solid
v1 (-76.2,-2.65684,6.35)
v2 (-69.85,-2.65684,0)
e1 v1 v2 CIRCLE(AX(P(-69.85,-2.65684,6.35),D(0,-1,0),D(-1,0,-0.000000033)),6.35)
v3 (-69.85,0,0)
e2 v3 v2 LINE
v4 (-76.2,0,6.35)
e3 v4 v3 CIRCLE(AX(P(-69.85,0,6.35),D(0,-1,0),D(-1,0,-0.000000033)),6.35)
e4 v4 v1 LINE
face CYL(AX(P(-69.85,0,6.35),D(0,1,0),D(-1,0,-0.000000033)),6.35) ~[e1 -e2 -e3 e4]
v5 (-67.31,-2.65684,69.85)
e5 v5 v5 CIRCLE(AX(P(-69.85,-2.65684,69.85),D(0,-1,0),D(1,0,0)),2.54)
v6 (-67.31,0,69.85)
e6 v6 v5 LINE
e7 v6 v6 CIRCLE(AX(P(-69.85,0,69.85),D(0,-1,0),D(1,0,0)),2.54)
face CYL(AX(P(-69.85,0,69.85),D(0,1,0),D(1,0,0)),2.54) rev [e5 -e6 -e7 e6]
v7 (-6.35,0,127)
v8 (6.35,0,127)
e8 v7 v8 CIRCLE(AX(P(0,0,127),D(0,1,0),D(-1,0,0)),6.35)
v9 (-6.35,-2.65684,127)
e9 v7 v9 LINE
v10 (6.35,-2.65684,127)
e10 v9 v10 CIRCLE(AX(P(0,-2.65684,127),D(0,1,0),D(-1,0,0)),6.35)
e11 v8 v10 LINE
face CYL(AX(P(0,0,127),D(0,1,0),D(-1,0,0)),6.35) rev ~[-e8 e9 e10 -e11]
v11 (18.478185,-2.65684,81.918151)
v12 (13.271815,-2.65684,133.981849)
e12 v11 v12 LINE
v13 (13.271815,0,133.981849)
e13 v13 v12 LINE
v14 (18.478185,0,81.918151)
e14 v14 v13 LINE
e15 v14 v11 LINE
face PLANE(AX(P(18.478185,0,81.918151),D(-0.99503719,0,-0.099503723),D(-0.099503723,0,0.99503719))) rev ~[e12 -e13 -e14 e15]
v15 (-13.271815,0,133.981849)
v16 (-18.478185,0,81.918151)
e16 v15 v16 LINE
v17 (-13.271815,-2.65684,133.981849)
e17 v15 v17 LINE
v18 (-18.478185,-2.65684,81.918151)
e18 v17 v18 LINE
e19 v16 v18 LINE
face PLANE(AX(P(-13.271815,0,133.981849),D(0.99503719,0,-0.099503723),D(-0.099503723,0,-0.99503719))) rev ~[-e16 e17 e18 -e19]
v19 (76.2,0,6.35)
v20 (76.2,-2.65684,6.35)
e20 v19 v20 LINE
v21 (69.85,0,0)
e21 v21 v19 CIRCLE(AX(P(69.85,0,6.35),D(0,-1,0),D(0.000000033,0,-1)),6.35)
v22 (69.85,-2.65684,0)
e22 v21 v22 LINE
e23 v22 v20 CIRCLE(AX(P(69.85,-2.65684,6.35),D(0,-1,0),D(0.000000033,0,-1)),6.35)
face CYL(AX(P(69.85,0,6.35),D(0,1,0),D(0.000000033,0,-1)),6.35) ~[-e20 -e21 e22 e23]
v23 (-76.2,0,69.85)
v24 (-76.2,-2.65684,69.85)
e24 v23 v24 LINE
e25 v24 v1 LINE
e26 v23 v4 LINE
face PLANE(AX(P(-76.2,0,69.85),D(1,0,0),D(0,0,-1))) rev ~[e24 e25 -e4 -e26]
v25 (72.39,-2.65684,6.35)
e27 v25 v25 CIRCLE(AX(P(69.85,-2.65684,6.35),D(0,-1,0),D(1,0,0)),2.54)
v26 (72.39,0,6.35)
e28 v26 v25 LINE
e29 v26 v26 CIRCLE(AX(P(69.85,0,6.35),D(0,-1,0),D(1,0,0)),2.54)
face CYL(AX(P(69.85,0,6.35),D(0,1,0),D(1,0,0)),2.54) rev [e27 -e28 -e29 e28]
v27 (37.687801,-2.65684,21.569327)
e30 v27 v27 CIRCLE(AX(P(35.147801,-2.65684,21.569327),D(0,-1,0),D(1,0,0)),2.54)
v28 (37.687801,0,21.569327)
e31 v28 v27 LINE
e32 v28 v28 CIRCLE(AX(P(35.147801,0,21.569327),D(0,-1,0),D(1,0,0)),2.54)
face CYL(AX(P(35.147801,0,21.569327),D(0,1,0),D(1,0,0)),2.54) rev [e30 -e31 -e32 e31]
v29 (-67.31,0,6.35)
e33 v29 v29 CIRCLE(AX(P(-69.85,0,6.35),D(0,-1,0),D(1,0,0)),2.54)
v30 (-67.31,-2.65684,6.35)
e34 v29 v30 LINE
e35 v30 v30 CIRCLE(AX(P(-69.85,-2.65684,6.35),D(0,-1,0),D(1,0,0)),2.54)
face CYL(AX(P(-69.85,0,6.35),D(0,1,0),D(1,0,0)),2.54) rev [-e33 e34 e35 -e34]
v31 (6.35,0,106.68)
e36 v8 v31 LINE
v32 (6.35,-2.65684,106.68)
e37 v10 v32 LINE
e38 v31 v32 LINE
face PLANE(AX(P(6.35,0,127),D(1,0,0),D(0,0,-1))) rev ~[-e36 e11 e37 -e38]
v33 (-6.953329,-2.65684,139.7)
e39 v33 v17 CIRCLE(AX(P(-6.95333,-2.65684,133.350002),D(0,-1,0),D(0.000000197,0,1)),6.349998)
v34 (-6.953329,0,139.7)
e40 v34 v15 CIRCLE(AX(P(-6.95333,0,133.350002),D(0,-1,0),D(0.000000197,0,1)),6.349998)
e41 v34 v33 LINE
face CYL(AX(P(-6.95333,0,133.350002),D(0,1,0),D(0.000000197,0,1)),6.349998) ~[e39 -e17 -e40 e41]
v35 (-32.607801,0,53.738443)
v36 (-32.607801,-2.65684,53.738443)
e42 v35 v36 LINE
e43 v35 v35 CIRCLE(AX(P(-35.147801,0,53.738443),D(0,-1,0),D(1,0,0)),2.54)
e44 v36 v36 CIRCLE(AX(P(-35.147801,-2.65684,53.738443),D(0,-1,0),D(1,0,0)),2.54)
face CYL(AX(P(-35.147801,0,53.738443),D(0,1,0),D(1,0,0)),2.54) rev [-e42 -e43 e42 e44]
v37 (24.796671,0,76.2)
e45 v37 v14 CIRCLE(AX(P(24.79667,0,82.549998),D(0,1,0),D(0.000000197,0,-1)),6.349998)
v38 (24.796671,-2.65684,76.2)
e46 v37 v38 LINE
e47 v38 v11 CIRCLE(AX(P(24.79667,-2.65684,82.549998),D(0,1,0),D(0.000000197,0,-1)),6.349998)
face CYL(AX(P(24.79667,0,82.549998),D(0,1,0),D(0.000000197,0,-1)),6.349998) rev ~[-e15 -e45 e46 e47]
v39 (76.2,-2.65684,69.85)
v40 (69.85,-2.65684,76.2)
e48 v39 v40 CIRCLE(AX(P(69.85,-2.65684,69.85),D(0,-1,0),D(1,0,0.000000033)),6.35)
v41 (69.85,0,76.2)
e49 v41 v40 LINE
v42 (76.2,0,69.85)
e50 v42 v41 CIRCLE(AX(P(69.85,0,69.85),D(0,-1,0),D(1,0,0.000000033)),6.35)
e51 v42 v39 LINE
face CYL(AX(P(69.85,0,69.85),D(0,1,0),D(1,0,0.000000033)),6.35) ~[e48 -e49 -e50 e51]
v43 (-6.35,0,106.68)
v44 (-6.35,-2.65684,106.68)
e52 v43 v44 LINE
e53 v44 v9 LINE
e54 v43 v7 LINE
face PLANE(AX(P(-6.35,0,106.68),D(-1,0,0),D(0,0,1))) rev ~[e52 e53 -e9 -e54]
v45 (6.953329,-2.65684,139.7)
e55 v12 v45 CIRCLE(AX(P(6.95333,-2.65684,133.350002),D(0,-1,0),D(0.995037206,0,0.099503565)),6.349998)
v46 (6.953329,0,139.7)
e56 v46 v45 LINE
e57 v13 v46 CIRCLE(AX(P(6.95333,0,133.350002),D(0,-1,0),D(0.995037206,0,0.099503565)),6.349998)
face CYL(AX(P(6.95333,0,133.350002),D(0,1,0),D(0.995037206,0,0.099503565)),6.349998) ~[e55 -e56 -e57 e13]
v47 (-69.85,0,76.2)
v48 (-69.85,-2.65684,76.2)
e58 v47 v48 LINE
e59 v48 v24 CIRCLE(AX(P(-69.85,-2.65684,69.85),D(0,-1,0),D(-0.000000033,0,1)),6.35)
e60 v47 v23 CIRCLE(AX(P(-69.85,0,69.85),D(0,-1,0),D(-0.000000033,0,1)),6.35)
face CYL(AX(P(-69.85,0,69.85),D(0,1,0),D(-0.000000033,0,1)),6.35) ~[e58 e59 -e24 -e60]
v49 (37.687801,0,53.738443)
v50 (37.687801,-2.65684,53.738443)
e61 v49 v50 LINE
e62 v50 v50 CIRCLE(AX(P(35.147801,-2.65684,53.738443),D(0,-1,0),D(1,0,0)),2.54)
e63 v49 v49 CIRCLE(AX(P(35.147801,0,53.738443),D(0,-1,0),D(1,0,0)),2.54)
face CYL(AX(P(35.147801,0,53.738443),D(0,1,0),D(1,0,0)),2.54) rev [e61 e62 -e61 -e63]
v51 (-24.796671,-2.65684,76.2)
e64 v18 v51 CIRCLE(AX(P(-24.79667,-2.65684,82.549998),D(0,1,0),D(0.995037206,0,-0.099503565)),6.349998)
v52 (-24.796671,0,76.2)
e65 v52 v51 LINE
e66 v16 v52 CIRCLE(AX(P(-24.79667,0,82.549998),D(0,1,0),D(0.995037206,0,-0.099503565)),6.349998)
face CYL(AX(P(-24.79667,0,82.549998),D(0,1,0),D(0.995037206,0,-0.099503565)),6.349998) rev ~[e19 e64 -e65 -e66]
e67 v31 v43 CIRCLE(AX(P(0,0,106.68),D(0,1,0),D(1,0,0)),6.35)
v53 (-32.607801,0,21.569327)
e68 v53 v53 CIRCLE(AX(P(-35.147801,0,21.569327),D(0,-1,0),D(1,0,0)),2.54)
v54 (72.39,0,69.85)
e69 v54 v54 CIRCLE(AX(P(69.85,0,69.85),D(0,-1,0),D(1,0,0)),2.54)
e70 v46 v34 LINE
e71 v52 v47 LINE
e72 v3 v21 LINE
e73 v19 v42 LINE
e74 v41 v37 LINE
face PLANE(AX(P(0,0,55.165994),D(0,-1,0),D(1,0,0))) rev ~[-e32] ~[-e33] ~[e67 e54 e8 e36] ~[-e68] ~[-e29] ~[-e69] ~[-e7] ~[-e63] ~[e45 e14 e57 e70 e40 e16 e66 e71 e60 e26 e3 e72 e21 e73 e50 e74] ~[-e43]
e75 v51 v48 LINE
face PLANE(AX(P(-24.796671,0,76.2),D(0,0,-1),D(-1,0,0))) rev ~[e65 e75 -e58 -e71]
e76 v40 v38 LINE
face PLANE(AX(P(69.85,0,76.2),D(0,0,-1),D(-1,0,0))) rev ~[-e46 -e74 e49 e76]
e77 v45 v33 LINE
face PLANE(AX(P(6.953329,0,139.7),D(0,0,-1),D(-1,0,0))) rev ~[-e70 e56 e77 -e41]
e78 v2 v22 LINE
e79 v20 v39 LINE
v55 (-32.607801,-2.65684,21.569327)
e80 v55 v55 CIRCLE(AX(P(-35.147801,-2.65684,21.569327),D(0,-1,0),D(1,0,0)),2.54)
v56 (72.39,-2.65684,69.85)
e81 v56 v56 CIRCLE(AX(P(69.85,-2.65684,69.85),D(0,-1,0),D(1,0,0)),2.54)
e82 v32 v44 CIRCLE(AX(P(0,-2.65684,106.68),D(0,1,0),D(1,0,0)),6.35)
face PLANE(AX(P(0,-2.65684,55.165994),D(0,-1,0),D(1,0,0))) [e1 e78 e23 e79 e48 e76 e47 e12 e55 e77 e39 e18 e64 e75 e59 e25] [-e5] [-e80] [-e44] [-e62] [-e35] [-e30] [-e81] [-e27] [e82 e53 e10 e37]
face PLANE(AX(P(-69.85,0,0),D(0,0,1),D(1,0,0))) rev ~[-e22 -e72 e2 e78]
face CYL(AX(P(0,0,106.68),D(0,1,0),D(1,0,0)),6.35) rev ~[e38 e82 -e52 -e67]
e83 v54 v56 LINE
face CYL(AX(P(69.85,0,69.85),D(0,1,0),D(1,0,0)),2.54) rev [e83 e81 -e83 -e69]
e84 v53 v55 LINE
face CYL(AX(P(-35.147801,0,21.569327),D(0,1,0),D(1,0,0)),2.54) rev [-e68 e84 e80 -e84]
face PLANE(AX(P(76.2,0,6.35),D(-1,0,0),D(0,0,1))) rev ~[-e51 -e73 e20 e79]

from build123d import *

# Parameters (mm, degrees)
F0_R     = 2.54
F1_DEPTH = 2.65684


with BuildPart() as f1:
    # F0 (on Front) → F1 (new body)
    with BuildSketch(Plane.XZ):
        with BuildLine():
            Line((-69.85, 0), (0, 0))
            Line((0, 0), (69.85, 0))
            ThreePointArc((69.85, 0), (74.340128, 1.859872), (76.2, 6.35))
            Line((76.2, 6.35), (76.2, 69.85))
            ThreePointArc((76.2, 69.85), (74.340128, 74.340128), (69.85, 76.2))
            Line((69.85, 76.2), (24.796671, 76.2))
            ThreePointArc((24.796671, 76.2), (20.535787, 77.841776), (18.478185, 81.918151))
            Line((18.478185, 81.918151), (13.271815, 133.981849))
            ThreePointArc((13.271815, 133.981849), (11.214213, 138.058224), (6.953329, 139.7))
            Line((6.953329, 139.7), (0, 139.7))
            Line((0, 139.7), (-6.953329, 139.7))
            ThreePointArc((-6.953329, 139.7), (-11.214213, 138.058224), (-13.271815, 133.981849))
            Line((-13.271815, 133.981849), (-18.478185, 81.918151))
            ThreePointArc((-18.478185, 81.918151), (-20.535787, 77.841776), (-24.796671, 76.2))
            Line((-24.796671, 76.2), (-69.85, 76.2))
            ThreePointArc((-69.85, 76.2), (-74.340128, 74.340128), (-76.2, 69.85))
            Line((-76.2, 69.85), (-76.2, 6.35))
            ThreePointArc((-76.2, 6.35), (-74.340128, 1.859872), (-69.85, 0))
        make_face()
        with Locations((-69.85, 6.35)):
            Circle(F0_R, mode=Mode.SUBTRACT)
        with Locations((-35.147801, 21.569327)):
            Circle(F0_R, mode=Mode.SUBTRACT)
        with Locations((-35.147801, 53.738443)):
            Circle(F0_R, mode=Mode.SUBTRACT)
        with Locations((35.147801, 21.569327)):
            Circle(F0_R, mode=Mode.SUBTRACT)
        with Locations((69.85, 6.35)):
            Circle(F0_R, mode=Mode.SUBTRACT)
        with Locations((35.147801, 53.738443)):
            Circle(F0_R, mode=Mode.SUBTRACT)
        with Locations((-69.85, 69.85)):
            Circle(F0_R, mode=Mode.SUBTRACT)
        with Locations((69.85, 69.85)):
            Circle(F0_R, mode=Mode.SUBTRACT)
        with BuildLine():
            Line((-6.35, 106.68), (-6.35, 127))
            ThreePointArc((-6.35, 127), (0, 133.35), (6.35, 127))
            Line((6.35, 127), (6.35, 106.68))
            ThreePointArc((6.35, 106.68), (0, 100.33), (-6.35, 106.68))
        make_face(mode=Mode.SUBTRACT)
    extrude(amount=F1_DEPTH)


solid = f1.part
